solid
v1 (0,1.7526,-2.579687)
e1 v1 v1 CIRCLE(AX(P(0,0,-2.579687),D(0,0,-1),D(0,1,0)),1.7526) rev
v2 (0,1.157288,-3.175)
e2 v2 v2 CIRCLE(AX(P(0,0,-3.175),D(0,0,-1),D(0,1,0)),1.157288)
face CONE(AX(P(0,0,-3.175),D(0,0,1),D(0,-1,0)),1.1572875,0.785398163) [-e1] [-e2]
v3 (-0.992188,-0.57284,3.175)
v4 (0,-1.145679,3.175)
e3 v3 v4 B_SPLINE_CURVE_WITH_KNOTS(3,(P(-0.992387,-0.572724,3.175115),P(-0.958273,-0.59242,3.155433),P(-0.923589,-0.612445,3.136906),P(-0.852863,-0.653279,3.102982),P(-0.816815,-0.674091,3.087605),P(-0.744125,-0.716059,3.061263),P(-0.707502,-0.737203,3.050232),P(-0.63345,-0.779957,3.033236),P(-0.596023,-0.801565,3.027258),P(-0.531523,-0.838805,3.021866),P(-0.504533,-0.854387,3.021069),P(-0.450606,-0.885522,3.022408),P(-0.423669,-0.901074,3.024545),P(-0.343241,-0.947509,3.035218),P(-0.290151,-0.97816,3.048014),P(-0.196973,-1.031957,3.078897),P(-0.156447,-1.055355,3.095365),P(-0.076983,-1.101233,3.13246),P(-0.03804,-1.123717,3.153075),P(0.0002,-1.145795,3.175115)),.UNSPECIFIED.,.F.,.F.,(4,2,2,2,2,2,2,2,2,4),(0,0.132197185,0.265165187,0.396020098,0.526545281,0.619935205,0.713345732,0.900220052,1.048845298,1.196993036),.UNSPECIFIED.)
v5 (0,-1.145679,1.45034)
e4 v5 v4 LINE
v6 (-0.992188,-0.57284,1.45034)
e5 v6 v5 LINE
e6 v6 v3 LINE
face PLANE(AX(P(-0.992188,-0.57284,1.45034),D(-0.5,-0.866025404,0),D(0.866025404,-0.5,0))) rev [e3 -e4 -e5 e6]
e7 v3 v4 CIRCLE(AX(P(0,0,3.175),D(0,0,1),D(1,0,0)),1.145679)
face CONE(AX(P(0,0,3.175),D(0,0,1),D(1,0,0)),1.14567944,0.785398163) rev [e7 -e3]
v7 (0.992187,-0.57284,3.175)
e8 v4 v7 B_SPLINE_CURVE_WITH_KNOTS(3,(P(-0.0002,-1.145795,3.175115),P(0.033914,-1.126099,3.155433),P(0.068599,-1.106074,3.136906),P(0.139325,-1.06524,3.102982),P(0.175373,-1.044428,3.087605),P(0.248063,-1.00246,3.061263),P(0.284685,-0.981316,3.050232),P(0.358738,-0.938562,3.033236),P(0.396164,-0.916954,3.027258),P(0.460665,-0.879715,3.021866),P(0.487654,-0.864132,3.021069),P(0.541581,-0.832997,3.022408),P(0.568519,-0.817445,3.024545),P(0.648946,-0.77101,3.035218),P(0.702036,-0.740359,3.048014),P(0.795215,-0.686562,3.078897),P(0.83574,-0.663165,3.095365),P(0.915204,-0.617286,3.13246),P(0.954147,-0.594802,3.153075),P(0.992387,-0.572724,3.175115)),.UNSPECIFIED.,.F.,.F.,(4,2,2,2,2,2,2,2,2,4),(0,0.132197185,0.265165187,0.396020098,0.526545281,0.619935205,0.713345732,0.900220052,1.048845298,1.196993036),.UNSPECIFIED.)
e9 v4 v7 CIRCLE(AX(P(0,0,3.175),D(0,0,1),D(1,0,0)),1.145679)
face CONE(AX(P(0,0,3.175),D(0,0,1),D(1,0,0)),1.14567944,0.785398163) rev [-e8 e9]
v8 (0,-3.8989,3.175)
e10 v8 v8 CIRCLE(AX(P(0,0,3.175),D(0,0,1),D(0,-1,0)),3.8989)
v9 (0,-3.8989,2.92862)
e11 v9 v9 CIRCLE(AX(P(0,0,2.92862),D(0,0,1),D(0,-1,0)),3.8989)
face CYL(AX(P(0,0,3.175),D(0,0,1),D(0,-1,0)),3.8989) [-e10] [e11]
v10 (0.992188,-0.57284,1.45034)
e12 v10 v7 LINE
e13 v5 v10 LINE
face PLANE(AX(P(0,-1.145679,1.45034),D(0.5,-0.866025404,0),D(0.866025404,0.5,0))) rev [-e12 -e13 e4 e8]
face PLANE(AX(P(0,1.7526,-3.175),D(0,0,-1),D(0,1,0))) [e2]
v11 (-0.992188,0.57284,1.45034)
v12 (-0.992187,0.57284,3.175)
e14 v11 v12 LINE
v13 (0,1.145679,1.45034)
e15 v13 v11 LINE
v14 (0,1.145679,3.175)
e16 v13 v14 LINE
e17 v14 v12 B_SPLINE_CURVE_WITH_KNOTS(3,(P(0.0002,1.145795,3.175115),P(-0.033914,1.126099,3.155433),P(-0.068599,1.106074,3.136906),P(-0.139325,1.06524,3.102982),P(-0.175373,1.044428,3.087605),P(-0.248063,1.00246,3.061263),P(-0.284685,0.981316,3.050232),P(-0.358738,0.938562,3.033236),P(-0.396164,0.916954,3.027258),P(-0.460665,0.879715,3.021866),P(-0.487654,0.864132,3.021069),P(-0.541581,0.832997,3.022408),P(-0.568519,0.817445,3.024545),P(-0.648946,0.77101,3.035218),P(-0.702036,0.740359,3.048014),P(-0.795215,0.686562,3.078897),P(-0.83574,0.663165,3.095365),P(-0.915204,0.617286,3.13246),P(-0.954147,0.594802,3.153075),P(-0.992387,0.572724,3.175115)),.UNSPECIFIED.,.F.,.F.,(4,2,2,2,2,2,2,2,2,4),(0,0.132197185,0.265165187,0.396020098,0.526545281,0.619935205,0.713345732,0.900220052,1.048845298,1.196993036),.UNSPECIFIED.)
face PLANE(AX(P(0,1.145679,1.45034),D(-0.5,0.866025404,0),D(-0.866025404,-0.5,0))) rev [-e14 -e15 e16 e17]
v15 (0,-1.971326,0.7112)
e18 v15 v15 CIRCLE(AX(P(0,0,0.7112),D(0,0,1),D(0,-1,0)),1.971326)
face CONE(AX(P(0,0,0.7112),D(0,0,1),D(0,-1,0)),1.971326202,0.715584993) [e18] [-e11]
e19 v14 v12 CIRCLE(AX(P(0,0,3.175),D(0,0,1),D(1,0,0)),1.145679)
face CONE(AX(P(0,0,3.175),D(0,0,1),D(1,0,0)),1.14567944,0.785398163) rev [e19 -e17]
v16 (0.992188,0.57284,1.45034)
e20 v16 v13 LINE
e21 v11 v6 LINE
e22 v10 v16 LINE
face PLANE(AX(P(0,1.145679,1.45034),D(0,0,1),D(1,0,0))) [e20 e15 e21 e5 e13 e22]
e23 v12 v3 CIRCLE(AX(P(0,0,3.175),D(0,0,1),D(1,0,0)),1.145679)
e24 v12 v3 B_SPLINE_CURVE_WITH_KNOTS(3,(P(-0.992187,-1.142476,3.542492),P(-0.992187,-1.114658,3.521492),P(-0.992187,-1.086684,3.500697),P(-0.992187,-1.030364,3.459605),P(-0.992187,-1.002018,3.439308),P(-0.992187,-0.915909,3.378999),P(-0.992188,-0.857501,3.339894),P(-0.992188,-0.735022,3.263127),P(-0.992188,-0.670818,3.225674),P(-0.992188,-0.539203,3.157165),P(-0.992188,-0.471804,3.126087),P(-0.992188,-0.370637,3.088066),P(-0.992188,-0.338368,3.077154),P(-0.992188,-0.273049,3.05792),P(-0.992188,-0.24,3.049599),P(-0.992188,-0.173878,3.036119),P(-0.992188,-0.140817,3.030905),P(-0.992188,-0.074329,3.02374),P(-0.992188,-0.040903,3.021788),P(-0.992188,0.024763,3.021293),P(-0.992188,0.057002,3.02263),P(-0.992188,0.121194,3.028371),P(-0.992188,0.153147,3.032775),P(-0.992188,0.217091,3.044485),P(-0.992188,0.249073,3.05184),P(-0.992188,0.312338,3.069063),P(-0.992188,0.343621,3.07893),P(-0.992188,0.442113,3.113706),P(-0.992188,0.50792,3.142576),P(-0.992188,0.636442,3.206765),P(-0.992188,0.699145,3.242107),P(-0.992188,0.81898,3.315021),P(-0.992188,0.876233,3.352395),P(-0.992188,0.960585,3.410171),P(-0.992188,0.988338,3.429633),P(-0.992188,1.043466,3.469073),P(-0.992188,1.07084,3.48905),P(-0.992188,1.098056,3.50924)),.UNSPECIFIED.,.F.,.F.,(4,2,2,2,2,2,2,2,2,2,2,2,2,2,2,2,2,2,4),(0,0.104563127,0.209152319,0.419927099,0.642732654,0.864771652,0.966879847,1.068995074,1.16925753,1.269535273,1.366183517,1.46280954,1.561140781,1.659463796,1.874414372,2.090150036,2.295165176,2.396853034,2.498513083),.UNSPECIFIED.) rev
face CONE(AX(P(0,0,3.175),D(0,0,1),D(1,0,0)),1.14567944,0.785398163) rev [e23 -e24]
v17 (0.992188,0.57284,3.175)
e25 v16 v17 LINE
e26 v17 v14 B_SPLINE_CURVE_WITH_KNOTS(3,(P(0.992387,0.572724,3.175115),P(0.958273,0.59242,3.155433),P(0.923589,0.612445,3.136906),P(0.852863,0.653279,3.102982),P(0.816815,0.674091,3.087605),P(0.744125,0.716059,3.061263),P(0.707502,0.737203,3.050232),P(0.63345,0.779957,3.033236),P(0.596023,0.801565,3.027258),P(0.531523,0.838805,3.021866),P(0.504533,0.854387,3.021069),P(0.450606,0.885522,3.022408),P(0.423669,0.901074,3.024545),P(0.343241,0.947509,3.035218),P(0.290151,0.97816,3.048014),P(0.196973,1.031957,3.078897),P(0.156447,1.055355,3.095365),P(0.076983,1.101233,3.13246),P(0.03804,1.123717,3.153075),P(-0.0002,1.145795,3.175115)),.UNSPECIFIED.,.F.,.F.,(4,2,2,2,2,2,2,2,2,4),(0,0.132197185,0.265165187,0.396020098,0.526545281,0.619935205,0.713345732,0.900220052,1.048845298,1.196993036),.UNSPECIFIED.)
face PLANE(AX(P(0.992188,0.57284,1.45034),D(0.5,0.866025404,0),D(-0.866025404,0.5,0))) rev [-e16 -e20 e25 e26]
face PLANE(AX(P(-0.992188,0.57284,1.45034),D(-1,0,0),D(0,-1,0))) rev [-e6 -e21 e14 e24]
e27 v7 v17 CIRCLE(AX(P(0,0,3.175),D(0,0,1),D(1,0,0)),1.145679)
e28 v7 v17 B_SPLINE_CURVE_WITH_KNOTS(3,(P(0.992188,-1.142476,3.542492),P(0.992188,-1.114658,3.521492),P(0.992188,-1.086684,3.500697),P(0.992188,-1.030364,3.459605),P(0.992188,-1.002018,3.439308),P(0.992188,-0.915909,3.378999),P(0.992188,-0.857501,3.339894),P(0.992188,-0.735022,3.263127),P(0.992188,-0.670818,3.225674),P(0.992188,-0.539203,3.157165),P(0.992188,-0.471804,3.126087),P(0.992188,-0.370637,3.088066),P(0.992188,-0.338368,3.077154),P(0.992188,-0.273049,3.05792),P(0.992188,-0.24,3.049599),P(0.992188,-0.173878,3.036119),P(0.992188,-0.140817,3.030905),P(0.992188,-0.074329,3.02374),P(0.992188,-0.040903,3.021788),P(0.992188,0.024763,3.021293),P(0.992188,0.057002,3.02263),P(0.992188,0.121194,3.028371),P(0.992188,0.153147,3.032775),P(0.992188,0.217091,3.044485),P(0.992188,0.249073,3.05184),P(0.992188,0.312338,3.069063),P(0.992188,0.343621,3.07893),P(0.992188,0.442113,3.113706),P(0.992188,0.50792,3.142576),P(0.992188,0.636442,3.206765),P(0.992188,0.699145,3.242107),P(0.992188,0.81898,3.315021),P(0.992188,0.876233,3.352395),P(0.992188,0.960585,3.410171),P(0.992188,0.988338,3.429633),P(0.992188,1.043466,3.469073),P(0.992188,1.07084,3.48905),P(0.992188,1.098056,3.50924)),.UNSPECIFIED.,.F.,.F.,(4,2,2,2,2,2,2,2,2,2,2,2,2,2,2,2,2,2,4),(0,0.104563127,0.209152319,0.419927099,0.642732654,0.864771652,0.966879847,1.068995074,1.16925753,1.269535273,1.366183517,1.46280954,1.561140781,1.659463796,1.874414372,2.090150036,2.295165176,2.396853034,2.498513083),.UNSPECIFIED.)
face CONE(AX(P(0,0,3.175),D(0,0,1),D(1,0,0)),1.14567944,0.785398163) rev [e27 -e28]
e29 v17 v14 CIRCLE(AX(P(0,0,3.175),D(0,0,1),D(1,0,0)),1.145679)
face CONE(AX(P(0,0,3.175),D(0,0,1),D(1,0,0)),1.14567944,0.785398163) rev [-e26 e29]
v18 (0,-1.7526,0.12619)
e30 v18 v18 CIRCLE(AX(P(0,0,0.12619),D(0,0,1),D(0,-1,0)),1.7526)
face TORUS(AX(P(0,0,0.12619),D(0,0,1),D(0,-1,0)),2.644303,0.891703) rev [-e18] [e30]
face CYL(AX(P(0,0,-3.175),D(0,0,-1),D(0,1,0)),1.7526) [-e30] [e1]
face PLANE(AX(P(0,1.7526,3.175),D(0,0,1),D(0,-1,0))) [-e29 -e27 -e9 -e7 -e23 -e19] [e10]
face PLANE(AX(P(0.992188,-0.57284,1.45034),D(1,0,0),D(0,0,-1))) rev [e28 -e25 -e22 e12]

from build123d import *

# Parameters (mm, degrees)
SKETCH12_W         = 6.35
SKETCH12_H         = 1.7526
CHAMFER1_SIZE      = 0.5953125
CUT_EXTRUDE2_DEPTH = 1.72466


with BuildPart() as part:
    # Sketch12 → Revolve3 (revolve)
    with BuildSketch(Plane(origin=(0, 0, 0), x_dir=(0, 0, -1), z_dir=(1, 0, 0))):
        with Locations((0, 0.8763)):
            Rectangle(SKETCH12_W, SKETCH12_H)
    revolve(axis=Axis((0, 0, -3.175), (0, 0, 1)))

    # Sketch7 → Revolve2 (revolve)
    with BuildSketch(Plane(origin=(0, 0, 0), x_dir=(0, 0, -1), z_dir=(1, 0, 0))):
        with BuildLine():
            Line((-3.175, 3.8989), (-2.92862, 3.8989))
            Line((-2.92862, 3.8989), (-0.7112, 1.971326202))
            ThreePointArc((-0.7112, 1.971326202), (-0.43847117, 1.809069598), (-0.126190199, 1.7526))
            Line((-0.126190199, 1.7526), (-0.126190199, 0))
            Line((-0.126190199, 0), (-3.175, 0))
            Line((-3.175, 0), (-3.175, 3.8989))
        make_face()
    revolve(axis=Axis((0, 0, 3.175), (0, 0, -1)))

    # Chamfer1
    chamfer1_edges = [part.edges().sort_by_distance(p)[0] for p in [
        (0, -1.7526, -3.175),
    ]]
    chamfer(chamfer1_edges, length=CHAMFER1_SIZE)

    # Sketch5 → Cut-Extrude2 (cut)
    with BuildSketch(Plane.XY.offset(3.175)):
        Polygon((0, 1.14567944), (-0.9921875, 0.57283972), (-0.9921875, -0.57283972), (0, -1.14567944), (0.9921875, -0.57283972), (0.9921875, 0.57283972), align=None)
    extrude(amount=-CUT_EXTRUDE2_DEPTH, mode=Mode.SUBTRACT)

    # Cut-Extrude3 cone 1 section (through the dimple's axis) → Cut-Extrude3 (revolve, cut)
    with BuildSketch(Plane(origin=(0, 0, 3.175), x_dir=(0, -1, 0), z_dir=(1, 0, 0))):
        Polygon((0, 0), (1.14567944, 0), (0, 1.14567944), align=None)
    revolve(axis=Axis((0, 0, 3.175), (0, 0, -1)), mode=Mode.SUBTRACT)


solid = part.part
